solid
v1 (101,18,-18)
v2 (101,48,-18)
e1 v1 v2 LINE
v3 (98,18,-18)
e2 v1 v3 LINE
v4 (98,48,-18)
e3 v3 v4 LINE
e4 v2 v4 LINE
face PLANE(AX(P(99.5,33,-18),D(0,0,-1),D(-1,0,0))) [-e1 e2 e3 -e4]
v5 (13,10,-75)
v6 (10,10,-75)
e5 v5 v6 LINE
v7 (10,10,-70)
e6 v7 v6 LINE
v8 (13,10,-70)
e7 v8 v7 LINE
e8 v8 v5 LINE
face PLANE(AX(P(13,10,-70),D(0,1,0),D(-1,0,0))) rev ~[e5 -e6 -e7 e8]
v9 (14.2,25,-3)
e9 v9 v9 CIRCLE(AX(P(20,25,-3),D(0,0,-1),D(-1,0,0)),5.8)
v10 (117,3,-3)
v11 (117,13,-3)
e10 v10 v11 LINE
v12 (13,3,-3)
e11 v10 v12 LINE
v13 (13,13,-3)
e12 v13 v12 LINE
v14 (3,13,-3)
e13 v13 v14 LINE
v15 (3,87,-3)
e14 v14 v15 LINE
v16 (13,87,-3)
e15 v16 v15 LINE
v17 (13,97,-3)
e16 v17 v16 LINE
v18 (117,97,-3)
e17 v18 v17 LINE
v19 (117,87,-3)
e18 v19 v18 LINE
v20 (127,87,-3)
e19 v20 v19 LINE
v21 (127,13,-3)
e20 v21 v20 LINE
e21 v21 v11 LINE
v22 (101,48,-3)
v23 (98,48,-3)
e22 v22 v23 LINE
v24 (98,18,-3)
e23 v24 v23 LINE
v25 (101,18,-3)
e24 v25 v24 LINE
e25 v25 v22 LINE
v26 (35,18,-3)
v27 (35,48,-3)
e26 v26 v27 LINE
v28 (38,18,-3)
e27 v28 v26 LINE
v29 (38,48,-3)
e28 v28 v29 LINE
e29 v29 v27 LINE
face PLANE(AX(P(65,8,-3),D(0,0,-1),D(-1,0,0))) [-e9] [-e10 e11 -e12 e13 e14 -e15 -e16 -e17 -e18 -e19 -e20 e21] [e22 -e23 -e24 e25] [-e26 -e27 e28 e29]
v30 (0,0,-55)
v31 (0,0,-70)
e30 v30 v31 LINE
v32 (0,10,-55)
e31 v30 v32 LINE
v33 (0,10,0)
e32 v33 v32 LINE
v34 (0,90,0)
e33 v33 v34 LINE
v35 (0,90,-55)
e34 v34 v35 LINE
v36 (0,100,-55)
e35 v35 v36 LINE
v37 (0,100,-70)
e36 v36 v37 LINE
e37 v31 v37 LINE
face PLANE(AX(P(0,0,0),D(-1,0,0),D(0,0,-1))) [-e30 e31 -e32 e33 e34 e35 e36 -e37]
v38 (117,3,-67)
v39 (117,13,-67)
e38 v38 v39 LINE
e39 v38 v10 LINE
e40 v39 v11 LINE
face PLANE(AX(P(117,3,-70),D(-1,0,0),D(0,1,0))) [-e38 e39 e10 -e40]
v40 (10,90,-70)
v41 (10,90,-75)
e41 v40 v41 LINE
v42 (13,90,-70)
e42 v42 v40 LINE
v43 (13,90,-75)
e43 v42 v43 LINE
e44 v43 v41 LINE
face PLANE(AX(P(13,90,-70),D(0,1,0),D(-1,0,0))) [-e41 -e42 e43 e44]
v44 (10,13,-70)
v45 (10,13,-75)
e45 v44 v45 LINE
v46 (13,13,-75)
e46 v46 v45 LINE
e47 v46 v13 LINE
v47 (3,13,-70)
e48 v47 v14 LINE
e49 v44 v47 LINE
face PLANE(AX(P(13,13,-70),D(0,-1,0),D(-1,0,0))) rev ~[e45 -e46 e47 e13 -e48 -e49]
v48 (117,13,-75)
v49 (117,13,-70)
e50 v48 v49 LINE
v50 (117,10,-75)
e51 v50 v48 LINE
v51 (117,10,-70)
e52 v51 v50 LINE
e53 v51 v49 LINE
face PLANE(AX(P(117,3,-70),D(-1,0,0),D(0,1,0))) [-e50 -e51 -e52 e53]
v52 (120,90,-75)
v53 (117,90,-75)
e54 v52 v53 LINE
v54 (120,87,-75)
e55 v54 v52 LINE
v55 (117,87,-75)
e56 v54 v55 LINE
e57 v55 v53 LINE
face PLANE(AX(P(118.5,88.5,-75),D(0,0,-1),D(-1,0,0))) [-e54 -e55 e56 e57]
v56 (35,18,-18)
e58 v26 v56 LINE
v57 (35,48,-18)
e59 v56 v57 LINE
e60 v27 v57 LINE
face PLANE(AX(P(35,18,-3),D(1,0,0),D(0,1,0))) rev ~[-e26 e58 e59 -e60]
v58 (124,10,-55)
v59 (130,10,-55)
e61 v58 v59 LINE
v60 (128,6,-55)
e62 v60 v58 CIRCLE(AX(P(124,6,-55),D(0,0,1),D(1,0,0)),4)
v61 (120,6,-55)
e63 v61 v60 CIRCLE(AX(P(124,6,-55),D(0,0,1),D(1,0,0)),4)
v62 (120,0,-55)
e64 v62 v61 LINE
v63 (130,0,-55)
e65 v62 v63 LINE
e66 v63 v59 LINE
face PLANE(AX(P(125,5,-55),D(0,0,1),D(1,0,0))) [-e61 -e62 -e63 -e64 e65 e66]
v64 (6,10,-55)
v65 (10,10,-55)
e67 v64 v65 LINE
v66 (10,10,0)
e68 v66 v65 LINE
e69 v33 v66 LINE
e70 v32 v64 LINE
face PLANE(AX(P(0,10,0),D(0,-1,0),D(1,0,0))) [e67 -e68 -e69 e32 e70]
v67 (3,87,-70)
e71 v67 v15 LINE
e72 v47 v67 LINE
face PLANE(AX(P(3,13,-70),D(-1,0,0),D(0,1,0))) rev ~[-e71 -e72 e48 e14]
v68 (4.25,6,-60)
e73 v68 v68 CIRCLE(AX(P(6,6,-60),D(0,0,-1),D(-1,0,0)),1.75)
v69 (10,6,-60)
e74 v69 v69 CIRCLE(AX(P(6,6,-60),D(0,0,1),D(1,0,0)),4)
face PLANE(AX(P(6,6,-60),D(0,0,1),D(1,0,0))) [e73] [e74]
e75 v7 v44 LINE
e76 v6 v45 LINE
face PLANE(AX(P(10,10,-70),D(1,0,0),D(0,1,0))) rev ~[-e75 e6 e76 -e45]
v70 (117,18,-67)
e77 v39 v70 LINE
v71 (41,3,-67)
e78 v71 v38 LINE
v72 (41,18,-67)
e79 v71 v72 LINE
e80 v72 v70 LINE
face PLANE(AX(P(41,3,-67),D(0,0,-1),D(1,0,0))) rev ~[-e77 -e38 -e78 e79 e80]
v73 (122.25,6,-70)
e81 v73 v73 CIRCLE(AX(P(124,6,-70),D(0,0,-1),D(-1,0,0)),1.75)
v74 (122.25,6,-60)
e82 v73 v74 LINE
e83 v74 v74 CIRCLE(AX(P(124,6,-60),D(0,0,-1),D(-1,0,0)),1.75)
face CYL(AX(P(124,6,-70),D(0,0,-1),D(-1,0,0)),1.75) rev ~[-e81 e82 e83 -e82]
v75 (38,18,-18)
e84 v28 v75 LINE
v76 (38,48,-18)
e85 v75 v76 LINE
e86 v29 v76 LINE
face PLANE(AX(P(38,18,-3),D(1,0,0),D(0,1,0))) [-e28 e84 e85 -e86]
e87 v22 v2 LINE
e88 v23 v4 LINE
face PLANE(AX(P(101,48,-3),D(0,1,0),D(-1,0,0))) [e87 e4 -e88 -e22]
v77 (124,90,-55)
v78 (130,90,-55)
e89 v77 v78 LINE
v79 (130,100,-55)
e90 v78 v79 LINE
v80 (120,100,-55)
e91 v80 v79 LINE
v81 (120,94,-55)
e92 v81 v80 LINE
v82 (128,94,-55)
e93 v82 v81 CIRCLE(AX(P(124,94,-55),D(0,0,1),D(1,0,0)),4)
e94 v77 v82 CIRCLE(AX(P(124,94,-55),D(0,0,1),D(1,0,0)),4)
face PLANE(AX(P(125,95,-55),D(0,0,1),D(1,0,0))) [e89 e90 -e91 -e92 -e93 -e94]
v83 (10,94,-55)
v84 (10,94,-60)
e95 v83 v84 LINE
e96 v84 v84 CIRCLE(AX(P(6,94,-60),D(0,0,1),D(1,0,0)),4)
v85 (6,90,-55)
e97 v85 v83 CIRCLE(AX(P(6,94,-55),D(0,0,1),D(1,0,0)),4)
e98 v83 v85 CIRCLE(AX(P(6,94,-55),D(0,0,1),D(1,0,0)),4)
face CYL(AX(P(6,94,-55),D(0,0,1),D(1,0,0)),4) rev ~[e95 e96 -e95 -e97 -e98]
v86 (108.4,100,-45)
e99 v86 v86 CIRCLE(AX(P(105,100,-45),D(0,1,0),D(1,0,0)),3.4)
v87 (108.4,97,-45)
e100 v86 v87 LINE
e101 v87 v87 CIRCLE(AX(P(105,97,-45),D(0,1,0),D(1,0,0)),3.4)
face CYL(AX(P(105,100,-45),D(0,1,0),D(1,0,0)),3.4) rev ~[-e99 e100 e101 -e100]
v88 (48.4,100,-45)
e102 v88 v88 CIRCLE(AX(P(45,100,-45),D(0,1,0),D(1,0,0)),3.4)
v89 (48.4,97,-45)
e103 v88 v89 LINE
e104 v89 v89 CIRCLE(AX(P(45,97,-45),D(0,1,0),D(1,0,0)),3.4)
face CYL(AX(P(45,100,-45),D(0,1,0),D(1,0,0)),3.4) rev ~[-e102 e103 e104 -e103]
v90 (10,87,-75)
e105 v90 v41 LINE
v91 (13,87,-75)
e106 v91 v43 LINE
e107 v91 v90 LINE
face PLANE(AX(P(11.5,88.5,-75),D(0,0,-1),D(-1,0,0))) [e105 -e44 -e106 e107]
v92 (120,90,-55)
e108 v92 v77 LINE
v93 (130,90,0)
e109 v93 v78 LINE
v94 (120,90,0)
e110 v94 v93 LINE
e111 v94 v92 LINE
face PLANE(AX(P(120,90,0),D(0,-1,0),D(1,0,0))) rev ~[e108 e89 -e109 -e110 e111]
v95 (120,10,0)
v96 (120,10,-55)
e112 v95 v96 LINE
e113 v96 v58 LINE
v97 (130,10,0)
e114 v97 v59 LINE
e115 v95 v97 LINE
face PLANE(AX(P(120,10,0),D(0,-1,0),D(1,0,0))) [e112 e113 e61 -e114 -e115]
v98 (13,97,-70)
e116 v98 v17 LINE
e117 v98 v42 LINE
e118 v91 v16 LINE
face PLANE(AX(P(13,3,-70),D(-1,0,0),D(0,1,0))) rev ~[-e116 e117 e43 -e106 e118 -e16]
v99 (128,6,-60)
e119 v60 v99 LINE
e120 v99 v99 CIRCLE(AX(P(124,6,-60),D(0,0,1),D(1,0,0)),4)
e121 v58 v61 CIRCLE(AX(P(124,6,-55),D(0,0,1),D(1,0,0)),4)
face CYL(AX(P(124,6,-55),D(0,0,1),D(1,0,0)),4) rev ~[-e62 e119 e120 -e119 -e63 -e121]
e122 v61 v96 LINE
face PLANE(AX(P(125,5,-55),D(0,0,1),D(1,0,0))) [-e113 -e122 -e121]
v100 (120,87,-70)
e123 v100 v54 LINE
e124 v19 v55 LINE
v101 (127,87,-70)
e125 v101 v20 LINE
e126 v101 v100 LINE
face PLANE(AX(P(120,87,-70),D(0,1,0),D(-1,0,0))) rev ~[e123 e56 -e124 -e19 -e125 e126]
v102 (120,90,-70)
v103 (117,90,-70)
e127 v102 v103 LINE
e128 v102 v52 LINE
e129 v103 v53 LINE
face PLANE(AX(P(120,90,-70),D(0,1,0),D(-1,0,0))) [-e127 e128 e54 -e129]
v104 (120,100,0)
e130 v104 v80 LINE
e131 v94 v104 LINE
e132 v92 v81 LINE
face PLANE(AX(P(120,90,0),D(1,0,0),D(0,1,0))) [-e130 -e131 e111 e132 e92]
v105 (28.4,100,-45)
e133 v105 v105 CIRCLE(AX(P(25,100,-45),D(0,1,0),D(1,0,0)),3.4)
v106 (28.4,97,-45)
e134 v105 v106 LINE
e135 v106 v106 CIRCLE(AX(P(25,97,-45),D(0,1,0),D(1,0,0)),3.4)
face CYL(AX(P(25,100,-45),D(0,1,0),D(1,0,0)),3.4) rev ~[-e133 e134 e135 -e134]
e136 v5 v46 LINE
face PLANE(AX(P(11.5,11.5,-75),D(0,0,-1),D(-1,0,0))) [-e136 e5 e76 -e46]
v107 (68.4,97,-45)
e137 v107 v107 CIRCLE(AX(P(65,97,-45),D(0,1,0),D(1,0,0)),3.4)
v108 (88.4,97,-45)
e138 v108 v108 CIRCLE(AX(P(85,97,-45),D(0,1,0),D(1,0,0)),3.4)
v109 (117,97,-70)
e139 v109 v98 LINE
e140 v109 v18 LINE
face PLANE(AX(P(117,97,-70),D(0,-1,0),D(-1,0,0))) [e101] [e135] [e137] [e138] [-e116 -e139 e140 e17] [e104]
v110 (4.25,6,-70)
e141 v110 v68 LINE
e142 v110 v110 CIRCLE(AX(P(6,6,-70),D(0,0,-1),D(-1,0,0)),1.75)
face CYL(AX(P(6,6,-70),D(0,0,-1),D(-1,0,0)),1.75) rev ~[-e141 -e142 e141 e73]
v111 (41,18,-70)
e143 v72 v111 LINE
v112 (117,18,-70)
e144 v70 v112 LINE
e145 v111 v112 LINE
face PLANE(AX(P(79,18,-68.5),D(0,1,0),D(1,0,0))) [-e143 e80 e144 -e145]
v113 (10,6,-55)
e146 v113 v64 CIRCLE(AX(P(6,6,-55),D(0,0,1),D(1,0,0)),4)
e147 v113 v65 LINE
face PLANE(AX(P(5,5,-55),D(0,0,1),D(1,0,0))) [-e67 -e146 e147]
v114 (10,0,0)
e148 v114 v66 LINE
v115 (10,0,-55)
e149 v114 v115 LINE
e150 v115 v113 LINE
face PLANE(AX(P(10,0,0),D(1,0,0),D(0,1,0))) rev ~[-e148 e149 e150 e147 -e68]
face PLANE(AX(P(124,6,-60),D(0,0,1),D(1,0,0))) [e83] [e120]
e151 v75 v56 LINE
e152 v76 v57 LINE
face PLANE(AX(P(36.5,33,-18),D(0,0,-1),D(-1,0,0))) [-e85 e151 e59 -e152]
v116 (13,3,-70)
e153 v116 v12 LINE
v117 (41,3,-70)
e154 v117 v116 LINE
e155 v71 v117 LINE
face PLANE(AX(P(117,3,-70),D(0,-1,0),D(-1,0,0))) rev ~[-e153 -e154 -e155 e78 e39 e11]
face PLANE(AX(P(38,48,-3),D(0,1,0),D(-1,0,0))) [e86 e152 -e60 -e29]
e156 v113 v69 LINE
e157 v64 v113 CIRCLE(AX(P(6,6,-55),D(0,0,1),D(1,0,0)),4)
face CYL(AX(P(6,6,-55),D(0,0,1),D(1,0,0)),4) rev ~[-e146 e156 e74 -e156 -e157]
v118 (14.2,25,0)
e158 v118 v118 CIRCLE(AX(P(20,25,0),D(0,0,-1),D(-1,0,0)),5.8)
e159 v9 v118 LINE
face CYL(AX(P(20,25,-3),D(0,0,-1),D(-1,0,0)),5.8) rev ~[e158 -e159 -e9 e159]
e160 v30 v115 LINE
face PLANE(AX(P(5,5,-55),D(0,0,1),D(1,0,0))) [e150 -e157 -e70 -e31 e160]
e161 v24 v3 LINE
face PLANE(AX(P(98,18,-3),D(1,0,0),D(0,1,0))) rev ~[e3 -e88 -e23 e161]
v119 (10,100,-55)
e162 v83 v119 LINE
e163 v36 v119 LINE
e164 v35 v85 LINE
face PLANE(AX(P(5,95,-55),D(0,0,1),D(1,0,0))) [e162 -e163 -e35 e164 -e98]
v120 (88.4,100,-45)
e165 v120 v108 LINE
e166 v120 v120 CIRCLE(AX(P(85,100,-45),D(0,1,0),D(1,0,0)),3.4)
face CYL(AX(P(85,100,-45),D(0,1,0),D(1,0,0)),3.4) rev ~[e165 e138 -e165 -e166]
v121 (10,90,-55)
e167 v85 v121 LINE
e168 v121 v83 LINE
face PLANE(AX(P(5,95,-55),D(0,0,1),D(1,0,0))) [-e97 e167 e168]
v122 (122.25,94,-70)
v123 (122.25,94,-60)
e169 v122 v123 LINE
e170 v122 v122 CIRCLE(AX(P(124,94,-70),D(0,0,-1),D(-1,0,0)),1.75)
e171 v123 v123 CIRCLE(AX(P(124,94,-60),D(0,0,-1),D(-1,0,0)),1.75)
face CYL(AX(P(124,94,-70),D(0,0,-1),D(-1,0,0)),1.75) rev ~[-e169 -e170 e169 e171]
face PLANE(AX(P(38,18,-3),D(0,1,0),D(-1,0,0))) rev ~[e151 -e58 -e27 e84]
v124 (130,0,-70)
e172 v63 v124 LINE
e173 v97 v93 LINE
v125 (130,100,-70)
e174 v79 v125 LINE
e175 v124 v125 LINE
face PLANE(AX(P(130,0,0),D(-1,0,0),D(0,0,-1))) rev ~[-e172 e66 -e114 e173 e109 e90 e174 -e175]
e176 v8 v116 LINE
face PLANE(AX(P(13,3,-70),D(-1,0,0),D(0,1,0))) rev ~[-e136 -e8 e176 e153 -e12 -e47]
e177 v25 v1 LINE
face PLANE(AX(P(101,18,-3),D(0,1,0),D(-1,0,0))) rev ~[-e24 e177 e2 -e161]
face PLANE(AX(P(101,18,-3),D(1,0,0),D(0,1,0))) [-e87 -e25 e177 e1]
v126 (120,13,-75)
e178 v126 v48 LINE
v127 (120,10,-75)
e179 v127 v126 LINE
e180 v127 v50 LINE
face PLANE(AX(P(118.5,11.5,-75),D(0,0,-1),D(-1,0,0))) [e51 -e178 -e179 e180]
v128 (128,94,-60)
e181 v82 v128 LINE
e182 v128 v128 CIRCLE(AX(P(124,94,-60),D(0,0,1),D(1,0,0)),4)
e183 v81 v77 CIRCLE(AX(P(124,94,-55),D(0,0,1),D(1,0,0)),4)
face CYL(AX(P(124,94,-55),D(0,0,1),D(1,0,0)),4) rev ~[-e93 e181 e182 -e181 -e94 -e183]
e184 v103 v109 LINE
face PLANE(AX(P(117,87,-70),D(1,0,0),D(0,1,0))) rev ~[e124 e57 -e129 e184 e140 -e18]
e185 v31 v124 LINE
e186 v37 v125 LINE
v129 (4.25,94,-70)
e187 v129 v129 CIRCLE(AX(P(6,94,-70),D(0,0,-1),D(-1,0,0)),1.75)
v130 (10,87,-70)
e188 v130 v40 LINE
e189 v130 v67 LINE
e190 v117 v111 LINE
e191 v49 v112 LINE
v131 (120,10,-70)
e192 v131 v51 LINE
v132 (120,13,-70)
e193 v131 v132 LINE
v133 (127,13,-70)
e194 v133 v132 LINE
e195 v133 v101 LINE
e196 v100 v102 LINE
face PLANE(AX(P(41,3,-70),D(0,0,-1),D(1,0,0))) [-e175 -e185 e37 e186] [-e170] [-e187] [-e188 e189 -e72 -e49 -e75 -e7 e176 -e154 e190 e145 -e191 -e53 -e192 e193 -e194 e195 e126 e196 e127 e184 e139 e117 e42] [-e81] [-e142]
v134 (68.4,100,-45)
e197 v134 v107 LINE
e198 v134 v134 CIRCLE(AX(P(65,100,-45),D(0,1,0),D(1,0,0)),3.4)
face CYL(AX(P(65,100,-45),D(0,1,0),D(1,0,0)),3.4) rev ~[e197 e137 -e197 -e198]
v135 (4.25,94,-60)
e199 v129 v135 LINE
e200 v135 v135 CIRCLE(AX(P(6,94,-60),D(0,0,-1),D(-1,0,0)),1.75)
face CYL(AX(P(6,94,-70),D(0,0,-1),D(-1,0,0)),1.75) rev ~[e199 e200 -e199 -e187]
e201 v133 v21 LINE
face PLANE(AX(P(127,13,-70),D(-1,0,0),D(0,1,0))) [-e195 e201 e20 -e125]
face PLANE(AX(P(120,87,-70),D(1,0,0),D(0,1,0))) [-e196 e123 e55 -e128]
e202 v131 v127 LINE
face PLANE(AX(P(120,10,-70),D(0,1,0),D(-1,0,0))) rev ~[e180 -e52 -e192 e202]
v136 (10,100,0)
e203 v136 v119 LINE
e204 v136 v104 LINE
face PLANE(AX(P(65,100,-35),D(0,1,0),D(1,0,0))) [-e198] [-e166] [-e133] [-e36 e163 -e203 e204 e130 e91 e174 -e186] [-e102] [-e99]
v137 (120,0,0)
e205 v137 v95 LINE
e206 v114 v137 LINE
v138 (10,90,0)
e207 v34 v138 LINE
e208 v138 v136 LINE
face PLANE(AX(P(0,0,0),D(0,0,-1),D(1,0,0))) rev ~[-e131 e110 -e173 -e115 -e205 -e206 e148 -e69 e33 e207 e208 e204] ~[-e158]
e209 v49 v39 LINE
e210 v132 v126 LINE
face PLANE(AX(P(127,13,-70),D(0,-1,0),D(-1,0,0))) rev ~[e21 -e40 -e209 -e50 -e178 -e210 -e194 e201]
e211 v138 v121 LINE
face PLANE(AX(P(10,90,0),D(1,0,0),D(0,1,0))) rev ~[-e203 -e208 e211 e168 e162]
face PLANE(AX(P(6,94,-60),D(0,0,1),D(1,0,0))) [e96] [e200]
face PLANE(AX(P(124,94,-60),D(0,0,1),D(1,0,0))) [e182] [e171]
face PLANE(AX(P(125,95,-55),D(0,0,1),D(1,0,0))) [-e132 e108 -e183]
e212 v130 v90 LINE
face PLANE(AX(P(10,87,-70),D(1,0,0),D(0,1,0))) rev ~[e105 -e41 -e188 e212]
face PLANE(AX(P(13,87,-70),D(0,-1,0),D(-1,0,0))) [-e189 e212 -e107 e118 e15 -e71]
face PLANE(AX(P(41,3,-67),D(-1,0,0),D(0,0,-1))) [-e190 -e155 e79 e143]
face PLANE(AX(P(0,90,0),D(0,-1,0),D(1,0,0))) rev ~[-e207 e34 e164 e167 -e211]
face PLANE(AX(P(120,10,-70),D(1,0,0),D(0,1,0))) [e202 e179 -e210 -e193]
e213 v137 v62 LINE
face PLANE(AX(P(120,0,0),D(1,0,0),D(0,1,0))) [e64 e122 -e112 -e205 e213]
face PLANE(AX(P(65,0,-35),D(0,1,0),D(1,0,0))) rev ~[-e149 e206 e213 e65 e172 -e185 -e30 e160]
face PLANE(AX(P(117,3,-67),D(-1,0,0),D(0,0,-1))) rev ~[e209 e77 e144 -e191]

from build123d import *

# Parameters (mm, degrees)
SKETCH2_W           = 130
SKETCH2_H           = 70
BOSS_EXTRUDE1_DEPTH = 100
SKETCH3_W           = 104
SKETCH3_H           = 74
CUT_EXTRUDE1_DEPTH  = 67
SKETCH4_W           = 10
SKETCH4_H           = 10
CUT_EXTRUDE2_DEPTH  = 55
SKETCH5_W           = 104
SKETCH5_H           = 10
CUT_EXTRUDE3_DEPTH  = 67
SKETCH6_W           = 10
SKETCH6_H           = 74
CUT_EXTRUDE4_DEPTH  = 67
SKETCH9_R           = 1.75
CUT_EXTRUDE5_DEPTH  = 67
SKETCH10_R          = 4
CUT_EXTRUDE6_DEPTH  = 5
SKETCH12_R          = 4
CUT_EXTRUDE7_DEPTH  = 5
SKETCH13_R          = 4
CUT_EXTRUDE8_DEPTH  = 5
SKETCH14_R          = 4
CUT_EXTRUDE9_DEPTH  = 5
SKETCH15_W          = 3
SKETCH15_H          = 3
BOSS_EXTRUDE2_DEPTH = 5
SKETCH16_W          = 76
SKETCH16_H          = 3
BOSS_EXTRUDE3_DEPTH = 15
SKETCH17_W          = 3
SKETCH17_H          = 30
BOSS_EXTRUDE4_DEPTH = 15
SKETCH18_R          = 5.8
CUT_EXTRUDE10_DEPTH = 15
SKETCH19_R          = 3.4
CUT_EXTRUDE11_DEPTH = 15


with BuildPart() as part:
    # Sketch2 → Boss-Extrude1 (new body)
    with BuildSketch(Plane(origin=(0, 0, 0), x_dir=(1, 0, 0), z_dir=(0, 1, 0))):
        with Locations((65, 35)):
            Rectangle(SKETCH2_W, SKETCH2_H)
    extrude(amount=BOSS_EXTRUDE1_DEPTH)

    # Sketch3 → Cut-Extrude1 (cut)
    with BuildSketch(Plane(origin=(0, 0, -70), x_dir=(-1, 0, 0), z_dir=(0, 0, -1))):
        with Locations((-65, 50)):
            Rectangle(SKETCH3_W, SKETCH3_H)
    extrude(amount=-CUT_EXTRUDE1_DEPTH, mode=Mode.SUBTRACT)

    # Sketch4 → Cut-Extrude2 (cut)
    with BuildSketch(Plane.XY):
        with Locations((5, 95)):
            Rectangle(SKETCH4_W, SKETCH4_H)
        with Locations((125, 95)):
            Rectangle(SKETCH4_W, SKETCH4_H)
        with Locations((5, 5)):
            Rectangle(SKETCH4_W, SKETCH4_H)
        with Locations((125, 5)):
            Rectangle(SKETCH4_W, SKETCH4_H)
    extrude(amount=-CUT_EXTRUDE2_DEPTH, mode=Mode.SUBTRACT)

    # Sketch5 → Cut-Extrude3 (cut)
    with BuildSketch(Plane(origin=(0, 0, -70), x_dir=(-1, 0, 0), z_dir=(0, 0, -1))):
        with Locations((-65, 92)):
            Rectangle(SKETCH5_W, SKETCH5_H)
        with Locations((-65, 8)):
            Rectangle(SKETCH5_W, SKETCH5_H)
    extrude(amount=-CUT_EXTRUDE3_DEPTH, mode=Mode.SUBTRACT)

    # Sketch6 → Cut-Extrude4 (cut)
    with BuildSketch(Plane(origin=(0, 0, -70), x_dir=(-1, 0, 0), z_dir=(0, 0, -1))):
        with Locations((-122, 50)):
            Rectangle(SKETCH6_W, SKETCH6_H)
        with Locations((-8, 50)):
            Rectangle(SKETCH6_W, SKETCH6_H)
    extrude(amount=-CUT_EXTRUDE4_DEPTH, mode=Mode.SUBTRACT)

    # Sketch9 → Cut-Extrude5 (cut)
    with BuildSketch(Plane(origin=(0, 0, -70), x_dir=(-1, 0, 0), z_dir=(0, 0, -1))):
        with Locations((-124, 94)):
            Circle(SKETCH9_R)
        with Locations((-124, 6)):
            Circle(SKETCH9_R)
        with Locations((-6, 94)):
            Circle(SKETCH9_R)
        with Locations((-6, 6)):
            Circle(SKETCH9_R)
    extrude(amount=-CUT_EXTRUDE5_DEPTH, mode=Mode.SUBTRACT)

    # Sketch10 → Cut-Extrude6 (cut)
    with BuildSketch(Plane.XY.offset(-55)):
        with Locations((124, 94)):
            Circle(SKETCH10_R)
    extrude(amount=-CUT_EXTRUDE6_DEPTH, mode=Mode.SUBTRACT)

    # Sketch12 → Cut-Extrude7 (cut)
    with BuildSketch(Plane.XY.offset(-55)):
        with Locations((124, 6)):
            Circle(SKETCH12_R)
    extrude(amount=-CUT_EXTRUDE7_DEPTH, mode=Mode.SUBTRACT)

    # Sketch13 → Cut-Extrude8 (cut)
    with BuildSketch(Plane.XY.offset(-55)):
        with Locations((6, 6)):
            Circle(SKETCH13_R)
    extrude(amount=-CUT_EXTRUDE8_DEPTH, mode=Mode.SUBTRACT)

    # Sketch14 → Cut-Extrude9 (cut)
    with BuildSketch(Plane.XY.offset(-55)):
        with Locations((6, 94)):
            Circle(SKETCH14_R)
    extrude(amount=-CUT_EXTRUDE9_DEPTH, mode=Mode.SUBTRACT)

    # Sketch15 → Boss-Extrude2 (add)
    with BuildSketch(Plane(origin=(0, 0, -70), x_dir=(-1, 0, 0), z_dir=(0, 0, -1))):
        with Locations((-118.5, 88.5)):
            Rectangle(SKETCH15_W, SKETCH15_H)
        with Locations((-118.5, 11.5)):
            Rectangle(SKETCH15_W, SKETCH15_H)
        with Locations((-11.5, 11.5)):
            Rectangle(SKETCH15_W, SKETCH15_H)
        with Locations((-11.5, 88.5)):
            Rectangle(SKETCH15_W, SKETCH15_H)
    extrude(amount=BOSS_EXTRUDE2_DEPTH)

    # Sketch16 → Boss-Extrude3 (add)
    with BuildSketch(Plane(origin=(0, 3, 0), x_dir=(1, 0, 0), z_dir=(0, 1, 0))):
        with Locations((79, 68.5)):
            Rectangle(SKETCH16_W, SKETCH16_H)
    extrude(amount=BOSS_EXTRUDE3_DEPTH)

    # Sketch17 → Boss-Extrude4 (add)
    with BuildSketch(Plane(origin=(0, 0, -3), x_dir=(-1, 0, 0), z_dir=(0, 0, -1))):
        with Locations((-99.5, 33)):
            Rectangle(SKETCH17_W, SKETCH17_H)
        with Locations((-36.5, 33)):
            Rectangle(SKETCH17_W, SKETCH17_H)
    extrude(amount=BOSS_EXTRUDE4_DEPTH)

    # Sketch18 → Cut-Extrude10 (cut)
    with BuildSketch(Plane(origin=(0, 0, -3), x_dir=(-1, 0, 0), z_dir=(0, 0, -1))):
        with Locations((-20, 25)):
            Circle(SKETCH18_R)
    extrude(amount=-CUT_EXTRUDE10_DEPTH, mode=Mode.SUBTRACT)

    # Sketch19 → Cut-Extrude11 (cut)
    with BuildSketch(Plane(origin=(0, 100, 0), x_dir=(1, 0, 0), z_dir=(0, 1, 0))):
        with Locations((25, 45)):
            Circle(SKETCH19_R)
        with Locations((45, 45)):
            Circle(SKETCH19_R)
        with Locations((65, 45)):
            Circle(SKETCH19_R)
        with Locations((85, 45)):
            Circle(SKETCH19_R)
        with Locations((105, 45)):
            Circle(SKETCH19_R)
    extrude(amount=-CUT_EXTRUDE11_DEPTH, mode=Mode.SUBTRACT)


solid = part.part
